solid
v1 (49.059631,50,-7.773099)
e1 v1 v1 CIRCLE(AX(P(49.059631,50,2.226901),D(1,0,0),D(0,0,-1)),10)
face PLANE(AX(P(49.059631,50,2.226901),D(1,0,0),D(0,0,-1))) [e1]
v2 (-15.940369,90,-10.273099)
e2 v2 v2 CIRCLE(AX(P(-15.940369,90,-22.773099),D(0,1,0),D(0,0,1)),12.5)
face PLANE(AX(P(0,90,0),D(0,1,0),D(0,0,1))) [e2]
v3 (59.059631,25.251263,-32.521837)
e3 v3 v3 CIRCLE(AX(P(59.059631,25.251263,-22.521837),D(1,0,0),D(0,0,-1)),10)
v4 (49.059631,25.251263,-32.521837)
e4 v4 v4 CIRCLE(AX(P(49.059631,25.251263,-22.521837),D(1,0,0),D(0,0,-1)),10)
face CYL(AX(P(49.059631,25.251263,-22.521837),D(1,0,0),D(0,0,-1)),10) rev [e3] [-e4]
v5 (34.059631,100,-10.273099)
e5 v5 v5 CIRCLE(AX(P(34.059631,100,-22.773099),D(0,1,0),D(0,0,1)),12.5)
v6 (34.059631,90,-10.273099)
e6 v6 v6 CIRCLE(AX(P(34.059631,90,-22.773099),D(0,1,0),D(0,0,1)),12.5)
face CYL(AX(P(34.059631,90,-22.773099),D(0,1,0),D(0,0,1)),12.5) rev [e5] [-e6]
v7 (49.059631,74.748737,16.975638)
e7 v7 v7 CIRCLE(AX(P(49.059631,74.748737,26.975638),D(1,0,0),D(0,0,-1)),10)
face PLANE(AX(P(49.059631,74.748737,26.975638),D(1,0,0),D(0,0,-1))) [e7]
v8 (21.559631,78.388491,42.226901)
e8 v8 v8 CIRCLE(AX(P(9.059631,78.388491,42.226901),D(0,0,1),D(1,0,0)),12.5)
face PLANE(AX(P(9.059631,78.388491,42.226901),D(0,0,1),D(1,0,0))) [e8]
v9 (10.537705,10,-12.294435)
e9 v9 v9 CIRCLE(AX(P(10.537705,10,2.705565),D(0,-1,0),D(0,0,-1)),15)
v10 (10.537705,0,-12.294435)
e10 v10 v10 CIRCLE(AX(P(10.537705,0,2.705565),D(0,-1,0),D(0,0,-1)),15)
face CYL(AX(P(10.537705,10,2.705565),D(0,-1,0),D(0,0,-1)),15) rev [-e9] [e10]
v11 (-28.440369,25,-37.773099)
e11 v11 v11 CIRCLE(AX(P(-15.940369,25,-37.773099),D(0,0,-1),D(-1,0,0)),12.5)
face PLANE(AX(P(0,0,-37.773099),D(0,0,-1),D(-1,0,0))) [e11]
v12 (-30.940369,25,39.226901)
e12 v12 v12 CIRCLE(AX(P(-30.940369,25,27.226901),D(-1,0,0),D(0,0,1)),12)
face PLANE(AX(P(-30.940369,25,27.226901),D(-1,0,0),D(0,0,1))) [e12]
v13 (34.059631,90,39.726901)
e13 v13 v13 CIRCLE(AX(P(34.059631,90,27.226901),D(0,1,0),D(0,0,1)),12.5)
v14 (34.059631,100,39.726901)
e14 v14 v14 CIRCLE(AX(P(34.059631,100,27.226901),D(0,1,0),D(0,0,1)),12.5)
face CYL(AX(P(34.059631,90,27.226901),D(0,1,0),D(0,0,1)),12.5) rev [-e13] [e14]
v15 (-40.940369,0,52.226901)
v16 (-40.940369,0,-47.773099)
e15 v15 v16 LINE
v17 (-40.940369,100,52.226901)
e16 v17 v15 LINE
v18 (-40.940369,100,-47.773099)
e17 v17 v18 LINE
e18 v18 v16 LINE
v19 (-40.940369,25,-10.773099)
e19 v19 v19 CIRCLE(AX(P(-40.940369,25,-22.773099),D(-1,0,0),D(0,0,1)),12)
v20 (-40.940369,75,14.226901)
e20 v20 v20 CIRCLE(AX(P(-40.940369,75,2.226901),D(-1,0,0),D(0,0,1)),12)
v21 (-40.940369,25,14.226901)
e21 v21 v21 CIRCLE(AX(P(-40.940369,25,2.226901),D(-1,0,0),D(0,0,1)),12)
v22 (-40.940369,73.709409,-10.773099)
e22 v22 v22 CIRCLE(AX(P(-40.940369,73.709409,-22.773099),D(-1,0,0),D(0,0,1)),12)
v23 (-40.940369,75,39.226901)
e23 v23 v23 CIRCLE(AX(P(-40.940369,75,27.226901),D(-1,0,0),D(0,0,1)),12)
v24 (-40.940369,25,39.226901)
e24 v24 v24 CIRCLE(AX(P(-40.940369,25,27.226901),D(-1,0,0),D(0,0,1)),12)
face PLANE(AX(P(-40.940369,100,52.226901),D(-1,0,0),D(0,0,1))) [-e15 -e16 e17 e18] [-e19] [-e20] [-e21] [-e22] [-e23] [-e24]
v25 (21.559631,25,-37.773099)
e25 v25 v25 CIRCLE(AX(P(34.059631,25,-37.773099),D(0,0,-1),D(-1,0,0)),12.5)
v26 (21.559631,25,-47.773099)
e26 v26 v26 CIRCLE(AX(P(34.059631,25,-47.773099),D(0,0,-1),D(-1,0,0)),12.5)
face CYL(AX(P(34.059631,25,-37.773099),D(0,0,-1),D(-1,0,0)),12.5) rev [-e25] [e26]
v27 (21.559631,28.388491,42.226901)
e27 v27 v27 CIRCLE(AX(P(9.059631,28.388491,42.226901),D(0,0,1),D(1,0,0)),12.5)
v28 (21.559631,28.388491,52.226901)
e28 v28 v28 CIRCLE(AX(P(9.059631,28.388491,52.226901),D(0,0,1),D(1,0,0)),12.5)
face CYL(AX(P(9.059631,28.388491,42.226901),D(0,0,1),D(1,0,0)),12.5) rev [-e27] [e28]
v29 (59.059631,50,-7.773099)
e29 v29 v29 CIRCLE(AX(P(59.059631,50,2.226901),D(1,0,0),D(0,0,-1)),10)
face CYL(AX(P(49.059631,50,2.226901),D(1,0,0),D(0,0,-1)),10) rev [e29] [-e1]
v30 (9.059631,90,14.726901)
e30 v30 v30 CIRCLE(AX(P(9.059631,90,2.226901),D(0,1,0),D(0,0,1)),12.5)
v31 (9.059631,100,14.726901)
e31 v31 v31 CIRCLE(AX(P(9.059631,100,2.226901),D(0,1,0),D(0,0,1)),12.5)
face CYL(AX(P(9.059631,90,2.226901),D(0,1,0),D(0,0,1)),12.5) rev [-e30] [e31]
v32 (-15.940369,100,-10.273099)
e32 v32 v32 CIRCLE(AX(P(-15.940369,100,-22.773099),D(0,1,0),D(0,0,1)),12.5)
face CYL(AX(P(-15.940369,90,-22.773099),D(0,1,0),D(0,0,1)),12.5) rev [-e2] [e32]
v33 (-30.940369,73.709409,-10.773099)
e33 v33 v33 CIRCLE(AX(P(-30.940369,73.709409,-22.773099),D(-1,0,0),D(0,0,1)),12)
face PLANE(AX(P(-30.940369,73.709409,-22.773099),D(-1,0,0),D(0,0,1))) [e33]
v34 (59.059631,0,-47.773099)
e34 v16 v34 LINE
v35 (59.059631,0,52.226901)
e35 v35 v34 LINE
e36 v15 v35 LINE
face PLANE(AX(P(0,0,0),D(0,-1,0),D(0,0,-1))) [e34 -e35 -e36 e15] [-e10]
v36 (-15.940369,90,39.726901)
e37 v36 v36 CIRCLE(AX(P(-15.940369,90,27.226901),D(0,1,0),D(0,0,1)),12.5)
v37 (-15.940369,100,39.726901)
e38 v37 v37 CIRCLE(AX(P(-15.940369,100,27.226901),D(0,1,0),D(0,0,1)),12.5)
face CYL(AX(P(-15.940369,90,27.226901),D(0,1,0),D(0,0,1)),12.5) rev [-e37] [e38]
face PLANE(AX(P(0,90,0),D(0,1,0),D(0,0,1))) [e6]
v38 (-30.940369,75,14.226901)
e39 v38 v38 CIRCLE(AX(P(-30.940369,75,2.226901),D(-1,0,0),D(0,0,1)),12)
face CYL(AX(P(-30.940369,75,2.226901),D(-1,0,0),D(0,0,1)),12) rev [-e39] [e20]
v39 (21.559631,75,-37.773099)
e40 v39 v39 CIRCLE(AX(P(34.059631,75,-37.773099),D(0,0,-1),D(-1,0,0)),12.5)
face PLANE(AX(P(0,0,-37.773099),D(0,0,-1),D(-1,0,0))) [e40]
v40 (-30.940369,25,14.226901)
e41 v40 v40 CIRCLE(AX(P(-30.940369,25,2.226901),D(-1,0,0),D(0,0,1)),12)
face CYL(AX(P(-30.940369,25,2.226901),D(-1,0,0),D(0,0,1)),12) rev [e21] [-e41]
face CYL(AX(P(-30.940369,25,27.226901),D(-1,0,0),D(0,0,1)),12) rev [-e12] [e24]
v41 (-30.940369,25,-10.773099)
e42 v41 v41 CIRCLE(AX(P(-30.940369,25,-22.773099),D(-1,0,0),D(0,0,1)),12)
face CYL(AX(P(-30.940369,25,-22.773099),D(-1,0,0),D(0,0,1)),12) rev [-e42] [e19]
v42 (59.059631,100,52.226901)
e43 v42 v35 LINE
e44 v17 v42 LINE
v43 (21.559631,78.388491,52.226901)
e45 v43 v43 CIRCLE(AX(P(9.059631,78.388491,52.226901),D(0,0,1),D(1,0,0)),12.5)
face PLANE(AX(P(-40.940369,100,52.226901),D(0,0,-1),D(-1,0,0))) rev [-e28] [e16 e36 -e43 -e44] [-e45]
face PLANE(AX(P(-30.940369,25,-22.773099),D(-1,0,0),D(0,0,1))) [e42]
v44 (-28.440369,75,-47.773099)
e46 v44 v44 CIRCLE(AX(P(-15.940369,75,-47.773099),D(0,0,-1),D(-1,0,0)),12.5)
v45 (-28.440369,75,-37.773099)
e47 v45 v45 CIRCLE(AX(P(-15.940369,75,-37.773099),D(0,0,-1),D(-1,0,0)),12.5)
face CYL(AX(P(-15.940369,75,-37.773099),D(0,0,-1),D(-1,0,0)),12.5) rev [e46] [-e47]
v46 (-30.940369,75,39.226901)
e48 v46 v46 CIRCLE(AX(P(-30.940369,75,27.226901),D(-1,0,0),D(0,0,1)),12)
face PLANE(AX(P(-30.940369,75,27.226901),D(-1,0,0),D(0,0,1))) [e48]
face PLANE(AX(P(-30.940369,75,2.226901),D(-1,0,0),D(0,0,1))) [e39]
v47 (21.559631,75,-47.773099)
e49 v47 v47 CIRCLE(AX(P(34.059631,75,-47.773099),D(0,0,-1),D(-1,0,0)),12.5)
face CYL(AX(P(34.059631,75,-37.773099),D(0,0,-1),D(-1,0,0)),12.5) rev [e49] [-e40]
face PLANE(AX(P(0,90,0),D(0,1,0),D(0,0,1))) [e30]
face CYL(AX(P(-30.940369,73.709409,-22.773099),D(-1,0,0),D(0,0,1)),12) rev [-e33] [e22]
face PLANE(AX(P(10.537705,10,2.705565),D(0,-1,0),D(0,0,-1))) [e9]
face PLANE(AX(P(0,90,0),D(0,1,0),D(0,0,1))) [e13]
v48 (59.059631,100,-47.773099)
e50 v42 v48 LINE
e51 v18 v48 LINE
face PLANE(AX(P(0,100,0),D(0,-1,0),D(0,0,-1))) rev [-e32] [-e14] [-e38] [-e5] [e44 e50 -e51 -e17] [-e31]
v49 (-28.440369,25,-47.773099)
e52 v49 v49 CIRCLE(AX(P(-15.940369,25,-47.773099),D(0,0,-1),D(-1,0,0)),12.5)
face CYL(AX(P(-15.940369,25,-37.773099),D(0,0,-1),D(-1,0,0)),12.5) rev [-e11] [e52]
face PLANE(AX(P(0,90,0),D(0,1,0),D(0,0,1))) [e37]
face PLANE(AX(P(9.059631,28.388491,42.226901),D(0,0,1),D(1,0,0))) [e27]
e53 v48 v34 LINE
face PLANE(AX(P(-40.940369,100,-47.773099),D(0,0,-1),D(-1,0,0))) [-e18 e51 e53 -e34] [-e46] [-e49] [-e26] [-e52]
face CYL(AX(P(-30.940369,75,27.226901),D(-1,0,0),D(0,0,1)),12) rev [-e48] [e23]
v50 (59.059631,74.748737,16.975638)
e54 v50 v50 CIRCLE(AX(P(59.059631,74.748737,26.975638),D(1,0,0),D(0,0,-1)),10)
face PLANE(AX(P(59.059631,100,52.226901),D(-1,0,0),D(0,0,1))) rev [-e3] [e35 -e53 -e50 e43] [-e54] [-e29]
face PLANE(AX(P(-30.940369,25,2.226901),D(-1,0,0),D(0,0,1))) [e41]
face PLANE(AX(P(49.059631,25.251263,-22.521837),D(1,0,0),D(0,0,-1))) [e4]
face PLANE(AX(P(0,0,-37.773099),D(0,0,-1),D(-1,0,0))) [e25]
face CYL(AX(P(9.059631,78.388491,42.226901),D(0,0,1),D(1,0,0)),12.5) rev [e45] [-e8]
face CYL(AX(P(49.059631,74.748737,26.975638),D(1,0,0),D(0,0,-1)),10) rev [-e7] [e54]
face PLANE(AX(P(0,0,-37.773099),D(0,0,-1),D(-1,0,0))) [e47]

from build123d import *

# Parameters (mm, degrees)
SKETCH1_W           = 100
SKETCH1_H           = 100
BOSS_EXTRUDE1_DEPTH = 100
SKETCH2_R           = 15
CUT_EXTRUDE2_DEPTH  = 10
SKETCH3_R           = 10
CUT_EXTRUDE3_DEPTH  = 10
CUT_EXTRUDE5_DEPTH  = 10
SKETCH11_R          = 12.5
CUT_EXTRUDE6_DEPTH  = 10
SKETCH12_R          = 12.5
CUT_EXTRUDE7_DEPTH  = 10
SKETCH13_R          = 12
CUT_EXTRUDE12_DEPTH = 10


with BuildPart() as part:
    # Sketch1 → Boss-Extrude1 (new body)
    with BuildSketch(Plane(origin=(0, 0, 0), x_dir=(1, 0, 0), z_dir=(0, 1, 0))):
        with Locations((9.059630809, -2.226900841)):
            Rectangle(SKETCH1_W, SKETCH1_H)
    extrude(amount=BOSS_EXTRUDE1_DEPTH)

    # Sketch2 → Cut-Extrude2 (cut)
    with BuildSketch(Plane.XZ):
        with Locations(Location((10.537704993, 2.705564775, 0), (0, 0, 270))):
            Circle(SKETCH2_R)
    extrude(amount=-CUT_EXTRUDE2_DEPTH, mode=Mode.SUBTRACT)

    # Sketch3 → Cut-Extrude3 (cut)
    with BuildSketch(Plane(origin=(59.059630809, 0, 0), x_dir=(0, 0, -1), z_dir=(1, 0, 0))):
        with Locations((-2.226900841, 50)):
            Circle(SKETCH3_R)
        with Locations((22.5218365, 25.251262658)):
            Circle(SKETCH3_R)
        with Locations((-26.975638183, 74.748737342)):
            Circle(SKETCH3_R)
    extrude(amount=-CUT_EXTRUDE3_DEPTH, mode=Mode.SUBTRACT)

    # Sketch5 → Cut-Extrude5 (cut)
    with BuildSketch(Plane(origin=(0, 0, -47.773099159), x_dir=(-1, 0, 0), z_dir=(0, 0, -1))):
        with BuildLine():
            ThreePointArc((-34.059630809, 62.5), (-25.220796045, 66.161165235), (-21.559630809, 75))
            Line((-21.559630809, 75), (-34.059630809, 75))
            Line((-34.059630809, 75), (-34.059630809, 62.5))
        make_face()
        with BuildLine():
            Line((-34.059630809, 75), (-21.559630809, 75))
            ThreePointArc((-21.559630809, 75), (-42.898465574, 83.838834765), (-34.059630809, 62.5))
            Line((-34.059630809, 62.5), (-34.059630809, 75))
        make_face()
        with BuildLine():
            ThreePointArc((28.440369191, 75), (15.940369191, 87.5), (3.440369191, 75))
            Line((3.440369191, 75), (15.940369191, 75))
            Line((15.940369191, 75), (15.940369191, 62.5))
            ThreePointArc((15.940369191, 62.5), (24.779203955, 66.161165235), (28.440369191, 75))
        make_face()
        with BuildLine():
            Line((15.940369191, 75), (3.440369191, 75))
            ThreePointArc((3.440369191, 75), (7.101534426, 66.161165235), (15.940369191, 62.5))
            Line((15.940369191, 62.5), (15.940369191, 75))
        make_face()
        with BuildLine():
            ThreePointArc((-21.559630809, 25), (-25.220796045, 33.838834765), (-34.059630809, 37.5))
            Line((-34.059630809, 37.5), (-34.059630809, 25))
            Line((-34.059630809, 25), (-21.559630809, 25))
        make_face()
        with BuildLine():
            Line((-34.059630809, 25), (-34.059630809, 37.5))
            ThreePointArc((-34.059630809, 37.5), (-42.898465574, 16.161165235), (-21.559630809, 25))
            Line((-21.559630809, 25), (-34.059630809, 25))
        make_face()
        with BuildLine():
            ThreePointArc((28.440369191, 25), (24.779203955, 33.838834765), (15.940369191, 37.5))
            Line((15.940369191, 37.5), (15.940369191, 25))
            Line((15.940369191, 25), (3.440369191, 25))
            ThreePointArc((3.440369191, 25), (15.940369191, 12.5), (28.440369191, 25))
        make_face()
        with BuildLine():
            Line((15.940369191, 25), (15.940369191, 37.5))
            ThreePointArc((15.940369191, 37.5), (7.101534426, 33.838834765), (3.440369191, 25))
            Line((3.440369191, 25), (15.940369191, 25))
        make_face()
    extrude(amount=-CUT_EXTRUDE5_DEPTH, mode=Mode.SUBTRACT)

    # Sketch11 → Cut-Extrude6 (cut)
    with BuildSketch(Plane(origin=(0, 100, 0), x_dir=(1, 0, 0), z_dir=(0, 1, 0))):
        with Locations(Location((34.059630809, -27.226900841, 0), (0, 0, 270))):
            Circle(SKETCH11_R)
        with Locations(Location((34.059630809, 22.773099159, 0), (0, 0, 270))):
            Circle(SKETCH11_R)
        with Locations(Location((9.059630809, -2.226900841, 0), (0, 0, 270))):
            Circle(SKETCH11_R)
        with Locations(Location((-15.940369191, 22.773099159, 0), (0, 0, 270))):
            Circle(SKETCH11_R)
        with Locations(Location((-15.940369191, -27.226900841, 0), (0, 0, 270))):
            Circle(SKETCH11_R)
    extrude(amount=-CUT_EXTRUDE6_DEPTH, mode=Mode.SUBTRACT)

    # Sketch12 → Cut-Extrude7 (cut)
    with BuildSketch(Plane.XY.offset(52.226900841)):
        with Locations((9.059630809, 78.388490916)):
            Circle(SKETCH12_R)
        with Locations((9.059630809, 28.388490916)):
            Circle(SKETCH12_R)
    extrude(amount=-CUT_EXTRUDE7_DEPTH, mode=Mode.SUBTRACT)

    # Sketch13 → Cut-Extrude12 (cut)
    with BuildSketch(Plane.ZY.offset(40.940369191)):
        with Locations((-22.773099159, 25)):
            Circle(SKETCH13_R)
        with Locations((-22.773099159, 73.709409376)):
            Circle(SKETCH13_R)
        with Locations((2.226900841, 75)):
            Circle(SKETCH13_R)
        with Locations((2.226900841, 25)):
            Circle(SKETCH13_R)
        with Locations((27.226900841, 25)):
            Circle(SKETCH13_R)
        with Locations((27.226900841, 75)):
            Circle(SKETCH13_R)
    extrude(amount=-CUT_EXTRUDE12_DEPTH, mode=Mode.SUBTRACT)


solid = part.part
